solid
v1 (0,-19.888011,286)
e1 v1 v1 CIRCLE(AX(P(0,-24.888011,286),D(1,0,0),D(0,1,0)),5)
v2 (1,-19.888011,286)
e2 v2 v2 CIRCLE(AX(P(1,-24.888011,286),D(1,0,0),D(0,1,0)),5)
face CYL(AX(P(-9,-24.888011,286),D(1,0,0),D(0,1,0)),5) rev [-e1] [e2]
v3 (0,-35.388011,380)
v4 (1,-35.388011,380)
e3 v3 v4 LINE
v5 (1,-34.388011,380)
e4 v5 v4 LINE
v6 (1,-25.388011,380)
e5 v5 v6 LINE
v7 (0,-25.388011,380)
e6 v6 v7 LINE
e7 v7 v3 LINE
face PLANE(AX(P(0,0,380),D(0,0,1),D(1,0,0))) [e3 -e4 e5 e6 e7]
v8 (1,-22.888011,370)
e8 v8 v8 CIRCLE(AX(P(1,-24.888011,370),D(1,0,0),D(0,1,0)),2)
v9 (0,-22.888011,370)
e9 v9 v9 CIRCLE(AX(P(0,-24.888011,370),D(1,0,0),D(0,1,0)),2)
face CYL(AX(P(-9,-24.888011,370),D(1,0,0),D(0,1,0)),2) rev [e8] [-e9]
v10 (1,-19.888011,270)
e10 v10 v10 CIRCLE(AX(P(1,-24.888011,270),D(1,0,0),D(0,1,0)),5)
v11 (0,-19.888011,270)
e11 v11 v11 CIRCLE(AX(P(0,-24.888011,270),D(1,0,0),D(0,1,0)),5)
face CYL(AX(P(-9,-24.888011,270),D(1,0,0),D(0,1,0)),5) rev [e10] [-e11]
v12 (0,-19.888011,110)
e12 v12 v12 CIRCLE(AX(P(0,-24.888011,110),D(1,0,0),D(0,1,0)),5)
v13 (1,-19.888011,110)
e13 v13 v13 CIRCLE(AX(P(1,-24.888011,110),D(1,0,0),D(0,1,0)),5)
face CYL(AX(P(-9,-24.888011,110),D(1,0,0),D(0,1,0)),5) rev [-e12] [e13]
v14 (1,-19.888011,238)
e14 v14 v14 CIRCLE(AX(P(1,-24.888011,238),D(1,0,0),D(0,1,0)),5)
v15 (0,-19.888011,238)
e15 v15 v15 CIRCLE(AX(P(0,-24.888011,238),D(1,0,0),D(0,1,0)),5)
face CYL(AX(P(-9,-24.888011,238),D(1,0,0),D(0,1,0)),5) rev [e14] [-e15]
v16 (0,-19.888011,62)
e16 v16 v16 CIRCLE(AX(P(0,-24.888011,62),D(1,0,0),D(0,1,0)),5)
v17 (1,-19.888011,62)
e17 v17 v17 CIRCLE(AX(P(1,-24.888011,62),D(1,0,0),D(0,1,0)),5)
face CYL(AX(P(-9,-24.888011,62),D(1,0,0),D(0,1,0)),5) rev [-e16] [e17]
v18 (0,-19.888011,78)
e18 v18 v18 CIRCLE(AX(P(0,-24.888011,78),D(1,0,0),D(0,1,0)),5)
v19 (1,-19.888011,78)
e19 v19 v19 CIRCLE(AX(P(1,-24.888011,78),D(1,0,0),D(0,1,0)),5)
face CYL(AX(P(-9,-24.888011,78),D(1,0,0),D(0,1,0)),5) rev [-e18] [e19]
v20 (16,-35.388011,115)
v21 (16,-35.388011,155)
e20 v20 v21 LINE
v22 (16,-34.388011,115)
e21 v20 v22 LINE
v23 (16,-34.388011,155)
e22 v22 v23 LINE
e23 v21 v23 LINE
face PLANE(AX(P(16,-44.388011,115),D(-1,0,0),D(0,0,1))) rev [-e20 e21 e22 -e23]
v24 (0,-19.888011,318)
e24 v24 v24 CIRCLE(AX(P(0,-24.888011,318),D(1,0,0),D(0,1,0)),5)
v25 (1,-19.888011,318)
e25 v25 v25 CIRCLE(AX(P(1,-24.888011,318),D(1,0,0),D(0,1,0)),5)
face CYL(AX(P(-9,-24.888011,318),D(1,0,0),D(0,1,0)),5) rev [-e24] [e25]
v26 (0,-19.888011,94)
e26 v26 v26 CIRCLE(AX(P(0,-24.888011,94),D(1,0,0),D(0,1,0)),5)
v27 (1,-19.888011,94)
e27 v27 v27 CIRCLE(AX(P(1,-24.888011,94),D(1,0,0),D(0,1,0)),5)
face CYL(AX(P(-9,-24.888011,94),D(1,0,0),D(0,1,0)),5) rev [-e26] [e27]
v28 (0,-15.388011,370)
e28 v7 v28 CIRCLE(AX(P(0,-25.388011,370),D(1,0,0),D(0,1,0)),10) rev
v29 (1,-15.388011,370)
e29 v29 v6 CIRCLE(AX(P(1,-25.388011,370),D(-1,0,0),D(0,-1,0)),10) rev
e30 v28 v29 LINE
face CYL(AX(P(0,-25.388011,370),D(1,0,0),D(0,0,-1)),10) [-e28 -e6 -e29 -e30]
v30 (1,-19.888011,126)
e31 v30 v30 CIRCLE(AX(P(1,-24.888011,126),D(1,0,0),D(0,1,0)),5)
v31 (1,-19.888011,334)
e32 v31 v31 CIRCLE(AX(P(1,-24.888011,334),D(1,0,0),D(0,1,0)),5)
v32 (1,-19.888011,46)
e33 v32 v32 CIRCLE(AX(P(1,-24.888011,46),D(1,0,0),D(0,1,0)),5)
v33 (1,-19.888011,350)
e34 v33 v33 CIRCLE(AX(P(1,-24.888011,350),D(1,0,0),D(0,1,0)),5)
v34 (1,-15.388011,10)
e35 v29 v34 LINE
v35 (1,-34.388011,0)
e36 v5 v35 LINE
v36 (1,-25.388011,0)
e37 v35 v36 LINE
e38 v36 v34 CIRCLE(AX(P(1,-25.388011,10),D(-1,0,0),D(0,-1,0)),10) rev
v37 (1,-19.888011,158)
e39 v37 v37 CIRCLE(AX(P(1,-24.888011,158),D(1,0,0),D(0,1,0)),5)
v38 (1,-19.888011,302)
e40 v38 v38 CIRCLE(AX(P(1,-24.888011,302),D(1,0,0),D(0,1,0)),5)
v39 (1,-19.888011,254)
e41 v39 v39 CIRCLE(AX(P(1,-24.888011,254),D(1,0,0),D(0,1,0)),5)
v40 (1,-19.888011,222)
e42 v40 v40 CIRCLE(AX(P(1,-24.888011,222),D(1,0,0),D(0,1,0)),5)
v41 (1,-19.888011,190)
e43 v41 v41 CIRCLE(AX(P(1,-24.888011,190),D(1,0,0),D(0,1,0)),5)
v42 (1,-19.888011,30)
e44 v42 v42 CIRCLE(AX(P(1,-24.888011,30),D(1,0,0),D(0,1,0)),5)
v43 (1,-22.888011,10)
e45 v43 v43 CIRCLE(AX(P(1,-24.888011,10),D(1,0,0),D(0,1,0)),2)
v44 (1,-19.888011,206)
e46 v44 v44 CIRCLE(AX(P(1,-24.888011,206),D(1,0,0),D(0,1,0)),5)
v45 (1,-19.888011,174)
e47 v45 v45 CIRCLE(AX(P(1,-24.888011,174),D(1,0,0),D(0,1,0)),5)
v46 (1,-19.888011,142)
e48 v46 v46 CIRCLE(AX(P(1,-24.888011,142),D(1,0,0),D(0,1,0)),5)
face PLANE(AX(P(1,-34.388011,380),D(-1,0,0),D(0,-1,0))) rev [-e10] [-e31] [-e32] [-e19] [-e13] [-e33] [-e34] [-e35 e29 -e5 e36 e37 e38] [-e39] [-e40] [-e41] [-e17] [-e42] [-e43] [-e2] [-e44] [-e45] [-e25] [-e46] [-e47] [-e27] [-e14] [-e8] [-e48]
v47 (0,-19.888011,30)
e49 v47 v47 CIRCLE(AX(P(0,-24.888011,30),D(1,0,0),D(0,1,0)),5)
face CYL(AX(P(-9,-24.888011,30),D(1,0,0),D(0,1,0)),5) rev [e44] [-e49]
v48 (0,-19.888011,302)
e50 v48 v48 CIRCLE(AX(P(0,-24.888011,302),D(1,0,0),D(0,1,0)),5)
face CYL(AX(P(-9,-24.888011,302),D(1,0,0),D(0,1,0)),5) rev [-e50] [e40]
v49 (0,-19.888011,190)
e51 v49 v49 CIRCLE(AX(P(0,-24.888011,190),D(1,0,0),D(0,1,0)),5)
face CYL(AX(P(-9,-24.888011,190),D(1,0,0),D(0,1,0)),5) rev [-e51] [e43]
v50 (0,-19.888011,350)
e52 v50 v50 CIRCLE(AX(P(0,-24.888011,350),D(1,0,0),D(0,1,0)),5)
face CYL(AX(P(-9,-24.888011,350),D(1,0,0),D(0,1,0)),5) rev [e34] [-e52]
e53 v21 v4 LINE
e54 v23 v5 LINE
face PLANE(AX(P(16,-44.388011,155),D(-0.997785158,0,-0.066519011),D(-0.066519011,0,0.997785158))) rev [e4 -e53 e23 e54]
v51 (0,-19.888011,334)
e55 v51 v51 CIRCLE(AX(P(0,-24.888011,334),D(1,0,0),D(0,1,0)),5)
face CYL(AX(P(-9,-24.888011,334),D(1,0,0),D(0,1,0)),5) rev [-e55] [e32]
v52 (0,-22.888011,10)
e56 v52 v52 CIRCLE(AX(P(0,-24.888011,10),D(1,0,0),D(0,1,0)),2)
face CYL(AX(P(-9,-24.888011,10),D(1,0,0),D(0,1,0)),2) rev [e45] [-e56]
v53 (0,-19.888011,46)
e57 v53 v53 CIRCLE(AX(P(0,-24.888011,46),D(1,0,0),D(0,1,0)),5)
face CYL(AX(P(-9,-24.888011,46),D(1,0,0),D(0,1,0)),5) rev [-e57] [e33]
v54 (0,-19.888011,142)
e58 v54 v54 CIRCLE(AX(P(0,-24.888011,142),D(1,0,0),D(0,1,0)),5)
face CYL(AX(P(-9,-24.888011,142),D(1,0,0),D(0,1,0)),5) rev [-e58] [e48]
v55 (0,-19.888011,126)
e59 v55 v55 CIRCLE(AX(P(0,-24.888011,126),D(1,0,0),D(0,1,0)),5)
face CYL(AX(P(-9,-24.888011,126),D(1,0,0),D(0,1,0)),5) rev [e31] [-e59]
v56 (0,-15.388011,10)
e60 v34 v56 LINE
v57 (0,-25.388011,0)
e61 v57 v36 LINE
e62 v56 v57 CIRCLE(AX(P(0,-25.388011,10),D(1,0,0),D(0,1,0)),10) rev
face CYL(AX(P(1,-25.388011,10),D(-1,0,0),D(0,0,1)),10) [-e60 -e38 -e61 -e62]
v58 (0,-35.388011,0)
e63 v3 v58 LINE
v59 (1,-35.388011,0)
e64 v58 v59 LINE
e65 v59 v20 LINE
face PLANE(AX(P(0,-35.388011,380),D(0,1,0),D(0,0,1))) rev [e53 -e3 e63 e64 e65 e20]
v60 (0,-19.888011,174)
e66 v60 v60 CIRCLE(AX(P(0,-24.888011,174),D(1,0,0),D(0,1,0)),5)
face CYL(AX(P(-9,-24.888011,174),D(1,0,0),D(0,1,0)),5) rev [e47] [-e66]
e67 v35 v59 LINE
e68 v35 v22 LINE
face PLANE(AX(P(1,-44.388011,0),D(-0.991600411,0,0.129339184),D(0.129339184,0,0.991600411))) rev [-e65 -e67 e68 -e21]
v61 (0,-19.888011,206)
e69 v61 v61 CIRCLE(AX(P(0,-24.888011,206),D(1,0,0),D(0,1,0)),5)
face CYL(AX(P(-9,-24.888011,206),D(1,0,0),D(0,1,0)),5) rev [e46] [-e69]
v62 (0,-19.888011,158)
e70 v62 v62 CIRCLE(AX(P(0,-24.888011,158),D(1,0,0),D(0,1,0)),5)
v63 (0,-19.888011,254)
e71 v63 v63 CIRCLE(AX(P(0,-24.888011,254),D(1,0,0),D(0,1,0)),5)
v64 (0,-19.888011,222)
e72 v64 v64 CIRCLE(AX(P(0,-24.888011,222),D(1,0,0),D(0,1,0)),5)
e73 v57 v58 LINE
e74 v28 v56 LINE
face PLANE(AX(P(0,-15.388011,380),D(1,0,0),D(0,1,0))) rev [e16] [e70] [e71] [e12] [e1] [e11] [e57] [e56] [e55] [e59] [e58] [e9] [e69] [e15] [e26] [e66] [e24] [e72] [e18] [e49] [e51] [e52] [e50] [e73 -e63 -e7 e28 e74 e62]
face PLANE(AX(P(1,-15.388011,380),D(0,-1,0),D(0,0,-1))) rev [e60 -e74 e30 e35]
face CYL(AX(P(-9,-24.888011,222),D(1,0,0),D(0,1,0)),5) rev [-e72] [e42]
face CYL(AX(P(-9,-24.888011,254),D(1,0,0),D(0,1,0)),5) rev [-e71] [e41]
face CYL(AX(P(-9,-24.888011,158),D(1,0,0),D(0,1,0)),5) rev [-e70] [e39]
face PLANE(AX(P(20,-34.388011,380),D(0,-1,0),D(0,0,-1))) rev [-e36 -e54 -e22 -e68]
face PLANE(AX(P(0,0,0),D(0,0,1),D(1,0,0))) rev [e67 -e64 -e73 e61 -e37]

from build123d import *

# Parameters (mm, degrees)
BOSS_EXTRUDE1_DEPTH = 380
SKETCH2_R           = 2
CUT_EXTRUDE1_DEPTH  = 10
CUT_EXTRUDE2_DEPTH  = 10
SKETCH5_R           = 5
CUT_EXTRUDE3_DEPTH  = 10
LPATTERN1_COUNT     = 21
LPATTERN1_PITCH     = 16
FILLET1_R           = 10


with BuildPart() as part:
    # Sketch1 → Boss-Extrude1 (new body)
    with BuildSketch(Plane.XY):
        Polygon((0, -15.388010819), (0, -35.388010819), (20, -35.388010819), (20, -34.388010819), (1, -34.388010819), (1, -15.388010819), align=None)
    extrude(amount=BOSS_EXTRUDE1_DEPTH)

    # Sketch2 → Cut-Extrude1 (cut)
    with BuildSketch(Plane(origin=(1, 0, 0), x_dir=(0, 0, -1), z_dir=(1, 0, 0))):
        with Locations(Location((-10, -24.888010819, 0), (0, 0, 90))):
            Circle(SKETCH2_R)
        with Locations(Location((-370, -24.888010819, 0), (0, 0, 90))):
            Circle(SKETCH2_R)
    extrude(amount=-CUT_EXTRUDE1_DEPTH, mode=Mode.SUBTRACT)

    # Sketch4 → Cut-Extrude2 (cut)
    with BuildSketch(Plane(origin=(0, -34.388010819, 0), x_dir=(1, 0, 0), z_dir=(0, 1, 0))):
        Polygon((1, 0), (16, -115), (16, -155), (1, -380), (1, -389.212459491), (24.909334079, -389.212459491), (24.909334079, 2.402258562), (1, 2.402258562), align=None)
    extrude(amount=-CUT_EXTRUDE2_DEPTH, mode=Mode.SUBTRACT)

    # Sketch5 → Cut-Extrude3 (cut)
    with BuildSketch(Plane(origin=(1, 0, 0), x_dir=(0, 0, -1), z_dir=(1, 0, 0))):
        with Locations(Location((-350, -24.888010819, 0), (0, 0, 90))):
            Circle(SKETCH5_R)
    cut_extrude3 = extrude(amount=-CUT_EXTRUDE3_DEPTH, mode=Mode.SUBTRACT)

    # LPattern1: Cut-Extrude3 ×21
    with Locations(*[(0, 0, -i * LPATTERN1_PITCH) for i in range(1, LPATTERN1_COUNT)]):
        add(cut_extrude3, mode=Mode.SUBTRACT)

    # Fillet1
    fillet1_edges = [part.edges().sort_by_distance(p)[0] for p in [
        (0.5, -15.388010819, 380),
        (0.5, -15.388010819, 0),
    ]]
    fillet(fillet1_edges, radius=FILLET1_R)


solid = part.part
